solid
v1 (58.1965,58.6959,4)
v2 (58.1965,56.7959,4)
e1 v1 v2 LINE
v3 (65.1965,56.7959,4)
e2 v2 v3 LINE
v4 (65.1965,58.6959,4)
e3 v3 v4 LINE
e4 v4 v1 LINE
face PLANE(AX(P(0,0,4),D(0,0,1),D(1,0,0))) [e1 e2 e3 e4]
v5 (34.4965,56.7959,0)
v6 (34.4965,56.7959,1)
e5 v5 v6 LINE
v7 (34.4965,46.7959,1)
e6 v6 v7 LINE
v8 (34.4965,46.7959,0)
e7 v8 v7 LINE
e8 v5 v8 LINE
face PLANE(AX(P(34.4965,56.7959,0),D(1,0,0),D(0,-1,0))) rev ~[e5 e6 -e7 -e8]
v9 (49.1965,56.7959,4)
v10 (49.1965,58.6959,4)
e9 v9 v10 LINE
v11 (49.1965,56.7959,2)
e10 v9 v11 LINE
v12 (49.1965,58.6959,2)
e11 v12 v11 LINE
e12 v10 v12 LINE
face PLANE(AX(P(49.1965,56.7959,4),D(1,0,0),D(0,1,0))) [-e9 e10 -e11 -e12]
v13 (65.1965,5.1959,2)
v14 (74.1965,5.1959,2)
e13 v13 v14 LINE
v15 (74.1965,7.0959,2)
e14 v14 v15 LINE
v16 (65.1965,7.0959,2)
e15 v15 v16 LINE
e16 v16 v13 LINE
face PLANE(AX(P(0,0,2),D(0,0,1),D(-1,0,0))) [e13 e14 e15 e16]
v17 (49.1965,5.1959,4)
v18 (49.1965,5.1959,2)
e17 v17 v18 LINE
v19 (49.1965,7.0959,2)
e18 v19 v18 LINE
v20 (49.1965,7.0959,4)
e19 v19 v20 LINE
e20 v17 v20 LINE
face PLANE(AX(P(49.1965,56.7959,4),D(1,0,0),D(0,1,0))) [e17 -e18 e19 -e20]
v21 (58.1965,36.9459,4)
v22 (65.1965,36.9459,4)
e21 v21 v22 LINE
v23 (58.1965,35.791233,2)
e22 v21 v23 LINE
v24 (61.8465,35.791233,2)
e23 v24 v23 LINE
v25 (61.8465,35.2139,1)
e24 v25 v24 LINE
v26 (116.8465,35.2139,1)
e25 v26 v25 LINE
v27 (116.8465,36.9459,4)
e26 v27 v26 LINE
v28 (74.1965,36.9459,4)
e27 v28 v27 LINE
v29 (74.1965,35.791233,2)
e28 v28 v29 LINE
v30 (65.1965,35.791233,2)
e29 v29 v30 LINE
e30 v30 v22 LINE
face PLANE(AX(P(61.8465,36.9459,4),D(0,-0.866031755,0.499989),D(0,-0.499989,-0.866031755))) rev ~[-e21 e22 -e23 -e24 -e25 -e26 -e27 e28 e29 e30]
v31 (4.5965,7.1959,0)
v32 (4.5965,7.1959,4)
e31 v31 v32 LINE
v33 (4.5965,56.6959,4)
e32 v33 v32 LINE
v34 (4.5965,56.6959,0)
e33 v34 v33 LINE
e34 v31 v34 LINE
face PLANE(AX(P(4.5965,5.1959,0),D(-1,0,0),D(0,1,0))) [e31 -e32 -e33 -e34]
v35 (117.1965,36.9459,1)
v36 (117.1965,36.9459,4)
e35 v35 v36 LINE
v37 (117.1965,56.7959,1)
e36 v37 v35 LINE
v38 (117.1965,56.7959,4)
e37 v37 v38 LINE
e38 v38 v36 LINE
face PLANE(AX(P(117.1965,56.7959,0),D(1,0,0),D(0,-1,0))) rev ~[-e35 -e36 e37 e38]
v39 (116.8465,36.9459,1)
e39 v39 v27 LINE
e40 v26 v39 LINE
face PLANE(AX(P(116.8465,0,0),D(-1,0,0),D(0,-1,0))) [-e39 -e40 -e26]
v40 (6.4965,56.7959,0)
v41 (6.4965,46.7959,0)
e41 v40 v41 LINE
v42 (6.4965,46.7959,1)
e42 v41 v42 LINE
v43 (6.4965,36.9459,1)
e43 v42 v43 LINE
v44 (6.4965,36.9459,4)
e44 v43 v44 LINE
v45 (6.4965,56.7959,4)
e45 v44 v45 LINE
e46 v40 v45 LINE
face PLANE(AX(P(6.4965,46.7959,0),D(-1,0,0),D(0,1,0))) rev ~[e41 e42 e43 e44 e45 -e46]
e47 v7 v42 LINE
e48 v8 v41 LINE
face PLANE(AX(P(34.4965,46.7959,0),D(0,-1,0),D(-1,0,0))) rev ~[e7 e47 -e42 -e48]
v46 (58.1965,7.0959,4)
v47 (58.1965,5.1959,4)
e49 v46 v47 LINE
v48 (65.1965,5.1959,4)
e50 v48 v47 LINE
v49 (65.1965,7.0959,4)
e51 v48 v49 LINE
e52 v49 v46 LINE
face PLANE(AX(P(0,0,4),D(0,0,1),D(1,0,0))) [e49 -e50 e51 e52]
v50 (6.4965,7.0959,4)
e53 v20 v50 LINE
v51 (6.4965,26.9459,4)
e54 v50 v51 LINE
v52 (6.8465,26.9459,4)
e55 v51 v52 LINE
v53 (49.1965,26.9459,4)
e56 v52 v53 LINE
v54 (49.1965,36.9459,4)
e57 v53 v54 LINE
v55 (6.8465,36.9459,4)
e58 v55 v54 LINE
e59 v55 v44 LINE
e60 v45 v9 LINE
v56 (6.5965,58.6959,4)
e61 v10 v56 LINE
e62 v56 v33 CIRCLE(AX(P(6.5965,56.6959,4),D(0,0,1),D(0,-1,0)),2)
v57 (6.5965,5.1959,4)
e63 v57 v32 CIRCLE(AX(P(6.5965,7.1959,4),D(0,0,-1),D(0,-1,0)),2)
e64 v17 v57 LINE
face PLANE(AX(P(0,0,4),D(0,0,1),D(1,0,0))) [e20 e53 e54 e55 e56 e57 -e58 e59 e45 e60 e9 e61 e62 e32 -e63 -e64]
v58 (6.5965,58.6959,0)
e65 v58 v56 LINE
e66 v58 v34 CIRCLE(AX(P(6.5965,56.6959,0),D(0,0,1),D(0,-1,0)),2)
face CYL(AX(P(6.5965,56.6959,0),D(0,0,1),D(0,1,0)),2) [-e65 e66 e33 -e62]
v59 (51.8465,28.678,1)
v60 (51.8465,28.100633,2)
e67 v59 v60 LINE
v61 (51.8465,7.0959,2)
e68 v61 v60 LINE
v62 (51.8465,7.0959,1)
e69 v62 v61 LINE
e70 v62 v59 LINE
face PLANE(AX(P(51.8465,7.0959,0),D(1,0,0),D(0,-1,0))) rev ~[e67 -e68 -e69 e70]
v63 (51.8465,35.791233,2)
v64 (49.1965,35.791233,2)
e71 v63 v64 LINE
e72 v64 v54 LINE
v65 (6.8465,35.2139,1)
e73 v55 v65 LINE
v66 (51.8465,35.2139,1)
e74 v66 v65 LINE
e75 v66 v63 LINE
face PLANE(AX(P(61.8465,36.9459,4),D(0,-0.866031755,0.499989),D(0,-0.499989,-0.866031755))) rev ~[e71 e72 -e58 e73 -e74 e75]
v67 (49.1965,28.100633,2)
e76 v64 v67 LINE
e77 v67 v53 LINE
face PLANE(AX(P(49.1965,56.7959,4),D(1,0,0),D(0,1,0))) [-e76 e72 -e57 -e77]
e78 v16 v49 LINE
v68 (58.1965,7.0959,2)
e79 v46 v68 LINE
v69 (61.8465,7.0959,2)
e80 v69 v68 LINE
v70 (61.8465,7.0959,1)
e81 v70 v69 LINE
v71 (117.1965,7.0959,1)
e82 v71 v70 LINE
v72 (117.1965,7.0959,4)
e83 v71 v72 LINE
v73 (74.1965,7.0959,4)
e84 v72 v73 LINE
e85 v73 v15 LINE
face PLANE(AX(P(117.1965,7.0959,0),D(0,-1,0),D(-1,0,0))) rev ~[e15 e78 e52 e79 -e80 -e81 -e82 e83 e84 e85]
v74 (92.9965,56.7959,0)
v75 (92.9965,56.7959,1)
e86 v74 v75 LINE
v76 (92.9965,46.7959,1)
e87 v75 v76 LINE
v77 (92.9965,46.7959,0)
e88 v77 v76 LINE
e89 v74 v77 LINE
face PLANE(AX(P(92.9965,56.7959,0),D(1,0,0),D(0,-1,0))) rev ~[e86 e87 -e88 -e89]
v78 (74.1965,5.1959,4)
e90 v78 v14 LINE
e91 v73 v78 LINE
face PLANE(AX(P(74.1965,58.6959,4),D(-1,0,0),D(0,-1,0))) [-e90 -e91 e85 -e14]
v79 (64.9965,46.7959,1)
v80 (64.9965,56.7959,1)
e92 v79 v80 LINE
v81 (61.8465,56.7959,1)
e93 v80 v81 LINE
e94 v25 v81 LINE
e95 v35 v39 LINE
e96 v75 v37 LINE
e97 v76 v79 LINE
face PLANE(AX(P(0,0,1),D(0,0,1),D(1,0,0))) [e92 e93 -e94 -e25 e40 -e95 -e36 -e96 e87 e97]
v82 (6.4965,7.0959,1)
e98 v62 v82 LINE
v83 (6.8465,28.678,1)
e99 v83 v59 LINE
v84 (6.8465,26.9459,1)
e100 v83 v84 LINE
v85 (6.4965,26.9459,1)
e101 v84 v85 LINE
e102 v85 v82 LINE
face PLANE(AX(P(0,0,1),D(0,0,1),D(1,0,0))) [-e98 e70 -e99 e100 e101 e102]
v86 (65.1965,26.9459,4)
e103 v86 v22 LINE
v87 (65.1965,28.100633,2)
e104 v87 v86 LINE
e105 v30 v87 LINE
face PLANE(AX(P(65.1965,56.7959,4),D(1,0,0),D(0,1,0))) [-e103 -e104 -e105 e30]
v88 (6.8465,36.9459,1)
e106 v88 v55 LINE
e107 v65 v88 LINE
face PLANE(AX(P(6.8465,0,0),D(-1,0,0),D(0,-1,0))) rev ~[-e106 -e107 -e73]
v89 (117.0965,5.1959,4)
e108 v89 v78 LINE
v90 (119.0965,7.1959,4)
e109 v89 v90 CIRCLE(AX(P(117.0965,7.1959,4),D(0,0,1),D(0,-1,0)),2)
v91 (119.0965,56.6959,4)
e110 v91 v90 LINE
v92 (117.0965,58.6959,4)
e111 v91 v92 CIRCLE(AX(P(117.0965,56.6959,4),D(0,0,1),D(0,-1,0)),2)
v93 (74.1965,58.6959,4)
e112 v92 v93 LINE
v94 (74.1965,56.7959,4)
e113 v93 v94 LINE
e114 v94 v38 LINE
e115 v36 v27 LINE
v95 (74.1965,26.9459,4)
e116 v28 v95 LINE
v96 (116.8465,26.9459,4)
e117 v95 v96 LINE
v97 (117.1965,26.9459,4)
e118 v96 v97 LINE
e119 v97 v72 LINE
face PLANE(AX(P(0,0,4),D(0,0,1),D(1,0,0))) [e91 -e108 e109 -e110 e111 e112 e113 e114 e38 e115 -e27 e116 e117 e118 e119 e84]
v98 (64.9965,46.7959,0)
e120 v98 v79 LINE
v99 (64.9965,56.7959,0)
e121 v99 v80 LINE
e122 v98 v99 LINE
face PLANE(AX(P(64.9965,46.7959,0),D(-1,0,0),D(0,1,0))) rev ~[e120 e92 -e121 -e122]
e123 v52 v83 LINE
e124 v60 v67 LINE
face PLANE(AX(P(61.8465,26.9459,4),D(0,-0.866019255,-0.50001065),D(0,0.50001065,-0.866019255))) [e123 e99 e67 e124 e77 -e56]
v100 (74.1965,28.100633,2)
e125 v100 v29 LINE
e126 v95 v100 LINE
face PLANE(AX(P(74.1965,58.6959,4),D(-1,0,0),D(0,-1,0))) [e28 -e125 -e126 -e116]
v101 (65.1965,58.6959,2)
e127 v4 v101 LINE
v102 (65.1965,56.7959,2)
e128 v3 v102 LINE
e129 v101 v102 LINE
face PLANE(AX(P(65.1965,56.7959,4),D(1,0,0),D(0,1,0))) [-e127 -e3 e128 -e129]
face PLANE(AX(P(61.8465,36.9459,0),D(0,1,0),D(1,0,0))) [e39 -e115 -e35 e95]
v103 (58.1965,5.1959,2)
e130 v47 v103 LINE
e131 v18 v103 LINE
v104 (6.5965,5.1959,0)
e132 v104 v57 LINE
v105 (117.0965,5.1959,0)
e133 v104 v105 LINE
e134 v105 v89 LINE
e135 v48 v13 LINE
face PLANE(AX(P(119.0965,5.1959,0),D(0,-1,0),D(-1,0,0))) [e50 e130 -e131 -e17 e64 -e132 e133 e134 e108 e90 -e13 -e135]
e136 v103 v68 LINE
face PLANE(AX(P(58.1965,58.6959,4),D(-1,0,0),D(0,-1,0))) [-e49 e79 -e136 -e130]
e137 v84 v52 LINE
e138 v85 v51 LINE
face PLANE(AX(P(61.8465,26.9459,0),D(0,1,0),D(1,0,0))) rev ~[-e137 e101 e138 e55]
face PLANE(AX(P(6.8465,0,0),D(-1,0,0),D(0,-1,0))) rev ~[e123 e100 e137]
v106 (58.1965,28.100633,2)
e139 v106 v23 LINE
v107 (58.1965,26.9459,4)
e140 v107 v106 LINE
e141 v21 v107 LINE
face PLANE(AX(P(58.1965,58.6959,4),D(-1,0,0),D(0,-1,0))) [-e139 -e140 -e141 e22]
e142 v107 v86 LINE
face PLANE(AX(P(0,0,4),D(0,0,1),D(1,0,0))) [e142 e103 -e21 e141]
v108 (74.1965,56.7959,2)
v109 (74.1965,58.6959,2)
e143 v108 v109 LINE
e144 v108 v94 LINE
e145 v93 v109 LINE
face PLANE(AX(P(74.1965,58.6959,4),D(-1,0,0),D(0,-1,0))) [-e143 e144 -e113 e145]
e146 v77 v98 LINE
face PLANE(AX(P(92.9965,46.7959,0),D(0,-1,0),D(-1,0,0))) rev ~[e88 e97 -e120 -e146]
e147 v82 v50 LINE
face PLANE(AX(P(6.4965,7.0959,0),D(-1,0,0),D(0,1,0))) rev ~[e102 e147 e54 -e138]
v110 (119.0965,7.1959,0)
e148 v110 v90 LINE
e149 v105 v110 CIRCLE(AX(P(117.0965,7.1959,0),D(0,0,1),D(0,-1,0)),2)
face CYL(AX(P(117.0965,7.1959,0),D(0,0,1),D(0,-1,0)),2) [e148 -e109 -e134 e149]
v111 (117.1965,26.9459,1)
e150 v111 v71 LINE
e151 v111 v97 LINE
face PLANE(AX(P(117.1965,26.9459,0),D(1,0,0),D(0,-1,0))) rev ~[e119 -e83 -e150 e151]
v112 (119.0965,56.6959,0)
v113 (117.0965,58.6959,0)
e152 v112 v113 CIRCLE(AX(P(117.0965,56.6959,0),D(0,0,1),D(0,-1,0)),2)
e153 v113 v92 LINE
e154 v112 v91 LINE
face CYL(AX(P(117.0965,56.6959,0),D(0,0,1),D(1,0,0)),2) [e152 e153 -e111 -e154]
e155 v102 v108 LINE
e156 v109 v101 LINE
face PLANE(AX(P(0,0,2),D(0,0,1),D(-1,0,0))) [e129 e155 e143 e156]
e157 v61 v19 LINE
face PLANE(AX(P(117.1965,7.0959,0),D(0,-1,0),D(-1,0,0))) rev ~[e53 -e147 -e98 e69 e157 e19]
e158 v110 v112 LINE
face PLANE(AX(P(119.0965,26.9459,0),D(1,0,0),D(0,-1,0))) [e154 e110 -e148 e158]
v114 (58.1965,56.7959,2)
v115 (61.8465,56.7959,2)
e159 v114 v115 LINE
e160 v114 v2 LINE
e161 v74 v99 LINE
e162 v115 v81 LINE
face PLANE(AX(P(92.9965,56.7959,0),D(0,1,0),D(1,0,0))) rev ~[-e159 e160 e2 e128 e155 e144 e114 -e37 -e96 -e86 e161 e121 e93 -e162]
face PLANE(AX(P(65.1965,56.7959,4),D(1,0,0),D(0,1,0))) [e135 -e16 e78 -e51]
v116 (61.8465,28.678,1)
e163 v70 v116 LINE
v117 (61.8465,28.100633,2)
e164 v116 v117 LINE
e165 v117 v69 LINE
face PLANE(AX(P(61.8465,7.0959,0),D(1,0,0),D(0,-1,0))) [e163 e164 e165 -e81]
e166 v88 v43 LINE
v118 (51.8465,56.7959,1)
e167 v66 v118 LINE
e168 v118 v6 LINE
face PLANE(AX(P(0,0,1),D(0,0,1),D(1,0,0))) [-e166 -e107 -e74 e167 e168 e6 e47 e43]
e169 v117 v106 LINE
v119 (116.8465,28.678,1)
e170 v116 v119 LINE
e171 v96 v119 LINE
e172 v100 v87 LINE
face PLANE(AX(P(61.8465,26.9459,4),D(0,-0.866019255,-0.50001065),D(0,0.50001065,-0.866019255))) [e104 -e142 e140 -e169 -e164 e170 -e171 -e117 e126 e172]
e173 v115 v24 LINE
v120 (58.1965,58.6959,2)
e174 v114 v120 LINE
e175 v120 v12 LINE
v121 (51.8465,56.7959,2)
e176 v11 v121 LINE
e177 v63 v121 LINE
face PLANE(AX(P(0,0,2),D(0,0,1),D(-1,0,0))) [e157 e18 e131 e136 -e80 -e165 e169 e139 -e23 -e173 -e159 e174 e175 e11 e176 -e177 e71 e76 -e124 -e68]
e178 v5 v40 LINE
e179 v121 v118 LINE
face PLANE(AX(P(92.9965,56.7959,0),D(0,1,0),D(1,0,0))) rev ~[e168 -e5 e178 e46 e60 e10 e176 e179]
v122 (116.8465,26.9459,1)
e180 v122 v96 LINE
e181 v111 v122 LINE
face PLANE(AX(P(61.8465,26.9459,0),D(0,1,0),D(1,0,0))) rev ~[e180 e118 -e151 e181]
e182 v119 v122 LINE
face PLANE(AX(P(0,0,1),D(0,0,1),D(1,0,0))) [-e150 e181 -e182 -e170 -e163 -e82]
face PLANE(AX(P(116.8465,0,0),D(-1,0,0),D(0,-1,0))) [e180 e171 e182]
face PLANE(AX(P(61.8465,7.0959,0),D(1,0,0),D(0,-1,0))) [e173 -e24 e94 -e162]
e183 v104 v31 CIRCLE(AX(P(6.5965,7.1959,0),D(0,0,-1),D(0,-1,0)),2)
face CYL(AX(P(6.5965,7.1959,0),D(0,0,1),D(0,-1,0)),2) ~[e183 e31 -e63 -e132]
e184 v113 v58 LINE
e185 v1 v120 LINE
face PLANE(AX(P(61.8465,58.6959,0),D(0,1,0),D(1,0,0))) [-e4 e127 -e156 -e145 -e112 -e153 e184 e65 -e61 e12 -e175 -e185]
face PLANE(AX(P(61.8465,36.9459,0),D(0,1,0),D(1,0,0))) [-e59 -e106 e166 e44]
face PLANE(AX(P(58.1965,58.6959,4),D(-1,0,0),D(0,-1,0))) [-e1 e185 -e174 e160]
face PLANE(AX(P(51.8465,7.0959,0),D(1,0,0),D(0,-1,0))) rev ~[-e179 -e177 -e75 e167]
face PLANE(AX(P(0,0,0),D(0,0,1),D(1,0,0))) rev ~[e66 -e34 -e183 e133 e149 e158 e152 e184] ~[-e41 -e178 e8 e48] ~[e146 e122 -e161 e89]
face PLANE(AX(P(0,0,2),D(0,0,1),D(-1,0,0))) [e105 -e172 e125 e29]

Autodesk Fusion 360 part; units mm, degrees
sketch "Schizzo1" plane through (0, 0, 0) normal (0, 0, 1) x (1, 0, 0)
  line L0 (4.4965, 58.7959) -> (119.1965, 58.7959) construction
  line L1 (119.1965, 58.7959) -> (119.1965, 5.0959) construction
  line L2 (119.1965, 5.0959) -> (4.4965, 5.0959) construction
  line L3 (4.4965, 5.0959) -> (4.4965, 58.7959) construction
  line L4 (4.4965, 31.9459) -> (119.1965, 31.9459) construction
  line L5 (61.8465, 58.7959) -> (61.8465, 5.0959) construction
  line L6 (119.0965, 5.1959) -> (4.5965, 5.1959)
  line L7 (4.5965, 5.1959) -> (4.5965, 58.6959)
  line L8 (4.5965, 58.6959) -> (119.0965, 58.6959)
  line L9 (119.0965, 58.6959) -> (119.0965, 5.1959)
  line L10 (117.1965, 7.0959) -> (6.4965, 7.0959)
  line L11 (6.4965, 7.0959) -> (6.4965, 56.7959)
  line L12 (6.4965, 56.7959) -> (117.1965, 56.7959)
  line L13 (117.1965, 56.7959) -> (117.1965, 7.0959)
  line L14 (6.4965, 56.7959) -> (34.4965, 56.7959)
  line L15 (34.4965, 56.7959) -> (34.4965, 46.7959)
  line L16 (34.4965, 46.7959) -> (6.4965, 46.7959)
  line L17 (6.4965, 46.7959) -> (6.4965, 56.7959)
  line L18 (92.9965, 56.7959) -> (92.9965, 46.7959)
  line L19 (92.9965, 46.7959) -> (64.9965, 46.7959)
  line L20 (64.9965, 46.7959) -> (64.9965, 56.7959)
  line L21 (64.9965, 56.7959) -> (92.9965, 56.7959)
  line L22 (4.4965, 36.9459) -> (119.0965, 36.9459)
  line L23 (4.4965, 26.9459) -> (119.0965, 26.9459)
  line L24 (51.8465, 58.7959) -> (51.8465, 5.0959)
  line L25 (61.8465, 58.7959) -> (61.8465, 5.0959)
  dimension "d1" = 114.7
  dimension "d2" = 53.7
  dimension "d3" = 0.1
  dimension "d6" = 2
  dimension "d7" = 28
  dimension "d8" = 10
  dimension "d11" = 58.5
  dimension "d12" = 0
  dimension "d15" = 10
  dimension "d23" = 10
extrude "Estrusione1" add sketch "Schizzo1" along normal blind 1 contours L10 L13 L23 L25 | L10 L23 L24 L25 | L13 L22 L23 L25 | L10 L11 L23 L24 | L22 L23 L24 L25 | L12 L13 L18 L19 L20 L22 L25 | L11 L22 L23 L24 | L12 L22 L24 L25 | L11 L12 L15 L16 L22 L24
extrude "Estrusione2" add sketch "Schizzo1" along normal blind 4 contours L6 L9 L10 L13 L23 L25 | L6 L10 L24 L25 | L9 L13 L22 L23 | L6 L7 L10 L11 L23 L24 | L8 L9 L12 L13 L21 L22 L25 | L13 L22 L23 L25 | L22 L23 L24 L25 | L7 L11 L22 L23 | L11 L22 L23 L24 | L8 L12 L24 L25 | L7 L8 L11 L12 L14 L17 L22 L24
fillet "Raccordo1" radius 2 4 edges at (4.5965, 5.1959, 2) (119.0965, 5.1959, 2) (119.0965, 58.6959, 2) (4.5965, 58.6959, 2)
ref_plane "Piano di lavoro1" through (61.8465, 31.9459, 0) normal (-1, 0, 0) x (0, -1, 0)
sketch "Schizzo3" plane through (61.8465, 0, 0) normal (-1, 0, 0) x (0, -1, 0)
  line L0 (-26.9459, 4) -> (-36.9459, 4) construction
  line L1 (-36.9459, 4) -> (-36.9459, 0) construction
  line L2 (-36.9459, 0) -> (-26.9459, 0) construction
  line L3 (-26.9459, 0) -> (-26.9459, 4) construction
  line L4 (-56.6959, 4) -> (-7.1959, 4) construction
  line L5 (-58.7959, 0) -> (-5.0959, 0) construction
  line L6 (-26.9459, 1) -> (-26.9459, 4) construction
  line L7 (-36.9459, 1) -> (-36.9459, 4) construction
  line L8 (-31.9459, 4) -> (-31.9459, 0) construction
  line L9 (-26.9459, 1) -> (-36.9459, 1) construction
  line L10 (-26.9459, 1) -> (-26.9459, 4)
  line L11 (-26.9459, 4) -> (-28.678, 1)
  line L12 (-28.678, 1) -> (-26.9459, 1)
  line L13 (-36.9459, 1) -> (-36.9459, 4)
  line L14 (-36.9459, 4) -> (-35.2139, 1)
  line L15 (-35.2139, 1) -> (-36.9459, 1)
  dimension "d20" = 30
extrude "Estrusione4" cut sketch "Schizzo3" along normal mid plane 110
extrude "Estrusione5" add sketch "Schizzo1" along normal blind 2 contours L6 L10 L24 L25 | L10 L23 L24 L25 | L22 L23 L24 L25 | L12 L22 L24 L25 | L8 L12 L24 L25
sketch "Schizzo4" plane through (0, 0, 4) normal (0, 0, 1) x (-1, 0, 0)
  arc A0 (-6.5965, -58.6959) -> (-4.5965, -56.6959) centre (-6.5965, -56.6959) ccw
  line L0 (-4.5965, -56.6959) -> (-4.5965, -7.1959)
  arc A1 (-4.5965, -7.1959) -> (-6.5965, -5.1959) centre (-6.5965, -7.1959) ccw
  line L1 (-6.5965, -5.1959) -> (-117.0965, -5.1959)
  arc A2 (-117.0965, -5.1959) -> (-119.0965, -7.1959) centre (-117.0965, -7.1959) ccw
  line L2 (-119.0965, -7.1959) -> (-119.0965, -56.6959)
  arc A3 (-119.0965, -56.6959) -> (-117.0965, -58.6959) centre (-117.0965, -56.6959) ccw
  line L3 (-117.0965, -58.6959) -> (-6.5965, -58.6959)
  line L4 (-117.1965, -36.9459) -> (-116.8465, -36.9459)
  line L5 (-116.8465, -36.9459) -> (-6.8465, -36.9459)
  line L6 (-6.8465, -36.9459) -> (-6.4965, -36.9459)
  line L7 (-6.4965, -36.9459) -> (-6.4965, -56.7959)
  line L8 (-6.4965, -56.7959) -> (-117.1965, -56.7959)
  line L9 (-117.1965, -56.7959) -> (-117.1965, -36.9459)
  line L10 (-117.1965, -7.0959) -> (-6.4965, -7.0959)
  line L11 (-6.4965, -7.0959) -> (-6.4965, -26.9459)
  line L12 (-6.4965, -26.9459) -> (-6.8465, -26.9459)
  line L13 (-6.8465, -26.9459) -> (-116.8465, -26.9459)
  line L14 (-116.8465, -26.9459) -> (-117.1965, -26.9459)
  line L15 (-117.1965, -26.9459) -> (-117.1965, -7.0959)
  line L16 (-4.5965, -58.6959) -> (-119.0965, -58.6959) construction
  line L17 (-119.0965, -58.6959) -> (-119.0965, -5.1959) construction
  line L18 (-119.0965, -5.1959) -> (-4.5965, -5.1959) construction
  line L19 (-4.5965, -5.1959) -> (-4.5965, -58.6959) construction
  line L20 (-49.1965, -58.6959) -> (-58.1965, -58.6959)
  line L21 (-58.1965, -58.6959) -> (-58.1965, -5.1959)
  line L22 (-58.1965, -5.1959) -> (-49.1965, -5.1959)
  line L23 (-49.1965, -5.1959) -> (-49.1965, -58.6959)
  line L24 (-65.1965, -58.6959) -> (-74.1965, -58.6959)
  line L25 (-74.1965, -58.6959) -> (-74.1965, -5.1959)
  line L26 (-74.1965, -5.1959) -> (-65.1965, -5.1959)
  line L27 (-65.1965, -5.1959) -> (-65.1965, -58.6959)
  line L28 (-53.6965, -58.6959) -> (-53.6965, -5.1959) construction
  line L29 (-69.6965, -58.6959) -> (-69.6965, -5.1959) construction
  line L30 (-2.6965, -58.6959) -> (-2.6965, -5.1959) construction
  dimension "d28" = 9
  dimension "d29" = 9
  dimension "d33" = 1.9
  dimension "d34" = 51
  dimension "d35" = 67
extrude "Estrusione6" cut sketch "Schizzo4" against normal blind 2 contours L3 L8 L20 L21 L23 | L5 L8 L21 L23 | L3 L8 L24 L25 L27 | L5 L13 L21 L23 | L1 L10 L21 L22 L23 | L5 L8 L25 L27 | L10 L13 L21 L23 | L5 L13 L25 L27 | L1 L10 L25 L26 L27 | L10 L13 L25 L27
